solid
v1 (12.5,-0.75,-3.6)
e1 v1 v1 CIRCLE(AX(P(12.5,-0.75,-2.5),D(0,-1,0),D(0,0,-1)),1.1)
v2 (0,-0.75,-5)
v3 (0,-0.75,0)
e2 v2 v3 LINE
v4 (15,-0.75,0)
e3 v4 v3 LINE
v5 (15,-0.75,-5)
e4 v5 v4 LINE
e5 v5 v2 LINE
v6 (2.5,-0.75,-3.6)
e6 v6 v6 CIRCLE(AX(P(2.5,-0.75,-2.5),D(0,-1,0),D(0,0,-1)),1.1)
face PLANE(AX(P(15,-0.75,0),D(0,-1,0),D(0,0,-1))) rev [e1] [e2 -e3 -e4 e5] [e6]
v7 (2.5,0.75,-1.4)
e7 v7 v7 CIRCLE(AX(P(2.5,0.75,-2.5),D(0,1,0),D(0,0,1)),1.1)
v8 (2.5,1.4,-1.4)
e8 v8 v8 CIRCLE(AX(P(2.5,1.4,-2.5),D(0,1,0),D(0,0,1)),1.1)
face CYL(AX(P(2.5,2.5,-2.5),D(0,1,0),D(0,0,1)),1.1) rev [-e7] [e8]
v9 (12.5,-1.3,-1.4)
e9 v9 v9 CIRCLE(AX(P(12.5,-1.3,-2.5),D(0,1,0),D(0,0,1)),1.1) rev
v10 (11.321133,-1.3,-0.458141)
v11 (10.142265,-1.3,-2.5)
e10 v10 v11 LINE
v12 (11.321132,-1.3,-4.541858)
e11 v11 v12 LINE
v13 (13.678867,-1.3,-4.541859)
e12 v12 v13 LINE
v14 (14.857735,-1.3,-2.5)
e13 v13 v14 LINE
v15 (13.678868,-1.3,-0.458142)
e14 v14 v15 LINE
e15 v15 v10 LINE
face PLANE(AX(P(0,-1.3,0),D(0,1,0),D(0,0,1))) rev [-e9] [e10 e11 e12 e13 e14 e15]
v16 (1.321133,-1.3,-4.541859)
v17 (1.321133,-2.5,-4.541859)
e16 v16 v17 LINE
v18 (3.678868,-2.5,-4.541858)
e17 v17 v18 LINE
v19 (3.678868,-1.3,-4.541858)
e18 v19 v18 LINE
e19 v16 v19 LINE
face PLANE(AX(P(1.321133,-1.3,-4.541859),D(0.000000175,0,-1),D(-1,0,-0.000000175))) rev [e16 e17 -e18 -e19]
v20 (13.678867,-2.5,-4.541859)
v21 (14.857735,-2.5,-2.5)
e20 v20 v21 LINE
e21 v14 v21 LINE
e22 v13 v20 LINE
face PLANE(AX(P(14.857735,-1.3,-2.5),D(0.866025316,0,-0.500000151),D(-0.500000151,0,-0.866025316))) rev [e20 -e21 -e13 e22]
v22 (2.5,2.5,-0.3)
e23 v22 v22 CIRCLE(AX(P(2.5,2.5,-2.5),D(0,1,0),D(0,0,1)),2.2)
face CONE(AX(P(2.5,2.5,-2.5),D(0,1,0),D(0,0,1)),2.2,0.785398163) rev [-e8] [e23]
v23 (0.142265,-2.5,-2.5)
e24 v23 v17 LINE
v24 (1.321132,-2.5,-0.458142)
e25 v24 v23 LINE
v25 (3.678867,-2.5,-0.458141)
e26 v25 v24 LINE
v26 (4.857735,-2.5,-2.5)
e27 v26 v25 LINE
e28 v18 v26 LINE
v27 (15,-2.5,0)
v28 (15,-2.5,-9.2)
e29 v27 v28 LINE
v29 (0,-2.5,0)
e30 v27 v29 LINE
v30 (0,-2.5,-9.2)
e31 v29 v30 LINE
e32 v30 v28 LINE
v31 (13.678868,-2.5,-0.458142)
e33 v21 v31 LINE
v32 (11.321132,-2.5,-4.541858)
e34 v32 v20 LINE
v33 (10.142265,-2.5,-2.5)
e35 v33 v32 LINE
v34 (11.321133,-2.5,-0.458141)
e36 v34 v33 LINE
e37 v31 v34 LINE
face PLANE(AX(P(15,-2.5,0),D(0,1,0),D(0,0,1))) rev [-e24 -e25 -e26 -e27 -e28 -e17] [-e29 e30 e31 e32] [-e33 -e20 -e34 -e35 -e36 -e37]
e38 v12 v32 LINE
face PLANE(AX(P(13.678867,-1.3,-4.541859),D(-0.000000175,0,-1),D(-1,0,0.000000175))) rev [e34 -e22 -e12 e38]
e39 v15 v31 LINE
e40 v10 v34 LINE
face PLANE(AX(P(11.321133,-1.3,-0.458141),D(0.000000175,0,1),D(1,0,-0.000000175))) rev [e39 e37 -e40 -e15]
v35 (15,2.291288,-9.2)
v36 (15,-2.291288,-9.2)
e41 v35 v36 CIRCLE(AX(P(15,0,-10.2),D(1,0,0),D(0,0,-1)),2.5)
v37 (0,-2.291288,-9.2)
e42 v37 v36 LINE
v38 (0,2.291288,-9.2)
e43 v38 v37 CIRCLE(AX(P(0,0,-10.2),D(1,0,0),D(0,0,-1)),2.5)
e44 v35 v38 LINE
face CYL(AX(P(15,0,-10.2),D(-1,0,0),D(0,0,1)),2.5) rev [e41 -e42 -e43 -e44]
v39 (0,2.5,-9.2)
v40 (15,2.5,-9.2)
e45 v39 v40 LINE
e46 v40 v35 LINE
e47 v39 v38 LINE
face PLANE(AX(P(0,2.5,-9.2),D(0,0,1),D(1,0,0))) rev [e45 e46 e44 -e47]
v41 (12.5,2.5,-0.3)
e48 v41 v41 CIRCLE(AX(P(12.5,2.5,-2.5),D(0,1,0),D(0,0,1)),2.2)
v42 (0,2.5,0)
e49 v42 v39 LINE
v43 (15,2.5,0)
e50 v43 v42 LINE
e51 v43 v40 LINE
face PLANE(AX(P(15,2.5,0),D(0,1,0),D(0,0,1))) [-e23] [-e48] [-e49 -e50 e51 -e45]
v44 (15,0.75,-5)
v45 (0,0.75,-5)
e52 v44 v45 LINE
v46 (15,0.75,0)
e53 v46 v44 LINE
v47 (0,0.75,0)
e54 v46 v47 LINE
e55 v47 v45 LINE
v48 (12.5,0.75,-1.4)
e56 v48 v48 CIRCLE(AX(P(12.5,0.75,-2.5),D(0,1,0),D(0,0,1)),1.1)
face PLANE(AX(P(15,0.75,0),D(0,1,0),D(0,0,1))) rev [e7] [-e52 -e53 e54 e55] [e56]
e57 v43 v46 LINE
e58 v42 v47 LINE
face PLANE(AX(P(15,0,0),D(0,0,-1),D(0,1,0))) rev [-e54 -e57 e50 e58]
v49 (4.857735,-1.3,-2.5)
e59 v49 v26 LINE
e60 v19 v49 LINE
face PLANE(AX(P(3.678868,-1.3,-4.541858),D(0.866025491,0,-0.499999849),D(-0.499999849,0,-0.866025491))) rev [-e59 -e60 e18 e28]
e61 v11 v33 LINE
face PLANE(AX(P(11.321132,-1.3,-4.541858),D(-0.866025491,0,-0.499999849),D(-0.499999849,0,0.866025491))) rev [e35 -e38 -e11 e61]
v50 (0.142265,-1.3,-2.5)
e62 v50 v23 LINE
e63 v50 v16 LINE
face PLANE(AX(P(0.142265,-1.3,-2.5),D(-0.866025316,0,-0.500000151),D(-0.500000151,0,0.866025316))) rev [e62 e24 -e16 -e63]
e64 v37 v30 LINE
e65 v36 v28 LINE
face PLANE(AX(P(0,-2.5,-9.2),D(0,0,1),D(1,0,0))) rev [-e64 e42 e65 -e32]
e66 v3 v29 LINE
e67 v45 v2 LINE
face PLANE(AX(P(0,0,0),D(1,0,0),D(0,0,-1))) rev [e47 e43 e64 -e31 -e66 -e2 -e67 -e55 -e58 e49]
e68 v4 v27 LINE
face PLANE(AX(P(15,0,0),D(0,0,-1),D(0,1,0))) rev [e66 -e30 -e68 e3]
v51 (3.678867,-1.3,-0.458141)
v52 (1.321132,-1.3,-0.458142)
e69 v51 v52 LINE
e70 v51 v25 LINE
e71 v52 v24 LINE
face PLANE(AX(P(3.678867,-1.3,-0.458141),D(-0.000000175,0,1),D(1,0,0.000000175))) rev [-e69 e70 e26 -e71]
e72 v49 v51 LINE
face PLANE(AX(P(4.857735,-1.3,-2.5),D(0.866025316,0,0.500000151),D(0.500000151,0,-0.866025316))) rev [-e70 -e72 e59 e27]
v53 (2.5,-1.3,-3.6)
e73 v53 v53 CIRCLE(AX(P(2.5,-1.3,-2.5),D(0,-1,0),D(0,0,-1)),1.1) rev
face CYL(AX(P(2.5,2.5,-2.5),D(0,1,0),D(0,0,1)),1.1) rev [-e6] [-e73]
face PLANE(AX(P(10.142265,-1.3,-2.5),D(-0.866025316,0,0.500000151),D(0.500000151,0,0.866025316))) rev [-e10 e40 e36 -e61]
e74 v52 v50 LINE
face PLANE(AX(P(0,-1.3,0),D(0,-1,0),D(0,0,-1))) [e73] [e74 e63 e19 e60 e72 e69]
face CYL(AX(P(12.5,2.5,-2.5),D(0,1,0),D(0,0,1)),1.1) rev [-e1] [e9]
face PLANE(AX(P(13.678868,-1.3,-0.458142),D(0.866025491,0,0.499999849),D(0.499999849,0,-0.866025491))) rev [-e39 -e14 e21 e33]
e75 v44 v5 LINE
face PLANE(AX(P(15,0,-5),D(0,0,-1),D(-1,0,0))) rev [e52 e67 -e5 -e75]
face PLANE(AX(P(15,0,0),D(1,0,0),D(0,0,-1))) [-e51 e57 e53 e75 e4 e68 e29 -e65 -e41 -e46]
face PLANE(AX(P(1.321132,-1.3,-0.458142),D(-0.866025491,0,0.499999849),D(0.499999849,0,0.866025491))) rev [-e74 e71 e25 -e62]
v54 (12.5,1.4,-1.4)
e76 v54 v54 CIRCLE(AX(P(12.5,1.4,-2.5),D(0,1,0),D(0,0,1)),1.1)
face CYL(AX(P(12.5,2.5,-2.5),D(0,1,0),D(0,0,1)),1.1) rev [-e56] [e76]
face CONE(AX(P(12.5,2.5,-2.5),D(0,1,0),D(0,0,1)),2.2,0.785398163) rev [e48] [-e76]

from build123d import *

# Parameters (mm, degrees)
EXTRUDE_1_DEPTH             = 15
SKETCH_2_W                  = 1
SKETCH_2_H                  = 1
CUT_EXTRUDE_1_DEPTH         = 15
HOLE_WIZARD_M21_D           = 2.2
HOLE_WIZARD_M21_CSINK_D     = 4.4
HOLE_WIZARD_M21_CSINK_ANGLE = 90
CUT_EXTRUDE_2_DEPTH         = 1.2


with BuildPart() as part:
    # Эскиз1 → Бобышка-Вытянуть1 (new body)
    with BuildSketch(Plane(origin=(0, 0, 0), x_dir=(0, 0, -1), z_dir=(1, 0, 0))):
        with BuildLine():
            ThreePointArc((10.2, 2.5), (7.7, 0), (10.2, -2.5))
            Line((10.2, -2.5), (0, -2.5))
            Line((0, -2.5), (0, -0.75))
            Line((0, -0.75), (5, -0.75))
            Line((5, -0.75), (5, 0.75))
            Line((5, 0.75), (0, 0.75))
            Line((0, 0.75), (0, 2.5))
            Line((0, 2.5), (10.2, 2.5))
        make_face()
    extrude(amount=EXTRUDE_1_DEPTH)

    # Эскиз2 → Вырез-Вытянуть1 (cut)
    with BuildSketch(Plane(origin=(15, 0, 0), x_dir=(0, 0, -1), z_dir=(1, 0, 0))):
        with Locations((9.7, 2)):
            Rectangle(SKETCH_2_W, SKETCH_2_H)
        with Locations((9.7, -2)):
            Rectangle(SKETCH_2_W, SKETCH_2_H)
    extrude(amount=-CUT_EXTRUDE_1_DEPTH, mode=Mode.SUBTRACT)

    # Зенковка для винта с полупотайной головкой M21 (through all)
    with Locations(Plane(origin=(0, 2.5, 0), x_dir=(1, 0, 0), z_dir=(0, 1, 0))):
        with Locations((12.5, 2.5), (2.5, 2.5)):
            CounterSinkHole(HOLE_WIZARD_M21_D / 2, HOLE_WIZARD_M21_CSINK_D / 2, counter_sink_angle=HOLE_WIZARD_M21_CSINK_ANGLE)

    # Эскиз5 → Вырез-Вытянуть2 (cut)
    with BuildSketch(Plane.XZ.offset(2.5)):
        Polygon((1.321132129, -0.458141777), (0.142264973, -2.500000412), (1.321132843, -4.541858635), (3.678867871, -4.541858223), (4.857735027, -2.499999588), (3.678867157, -0.458141365), align=None)
        Polygon((13.678867157, -4.541858635), (11.321132129, -4.541858223), (10.142264973, -2.499999588), (11.321132843, -0.458141365), (13.678867871, -0.458141777), (14.857735027, -2.500000412), align=None)
    extrude(amount=-CUT_EXTRUDE_2_DEPTH, mode=Mode.SUBTRACT)


solid = part.part
